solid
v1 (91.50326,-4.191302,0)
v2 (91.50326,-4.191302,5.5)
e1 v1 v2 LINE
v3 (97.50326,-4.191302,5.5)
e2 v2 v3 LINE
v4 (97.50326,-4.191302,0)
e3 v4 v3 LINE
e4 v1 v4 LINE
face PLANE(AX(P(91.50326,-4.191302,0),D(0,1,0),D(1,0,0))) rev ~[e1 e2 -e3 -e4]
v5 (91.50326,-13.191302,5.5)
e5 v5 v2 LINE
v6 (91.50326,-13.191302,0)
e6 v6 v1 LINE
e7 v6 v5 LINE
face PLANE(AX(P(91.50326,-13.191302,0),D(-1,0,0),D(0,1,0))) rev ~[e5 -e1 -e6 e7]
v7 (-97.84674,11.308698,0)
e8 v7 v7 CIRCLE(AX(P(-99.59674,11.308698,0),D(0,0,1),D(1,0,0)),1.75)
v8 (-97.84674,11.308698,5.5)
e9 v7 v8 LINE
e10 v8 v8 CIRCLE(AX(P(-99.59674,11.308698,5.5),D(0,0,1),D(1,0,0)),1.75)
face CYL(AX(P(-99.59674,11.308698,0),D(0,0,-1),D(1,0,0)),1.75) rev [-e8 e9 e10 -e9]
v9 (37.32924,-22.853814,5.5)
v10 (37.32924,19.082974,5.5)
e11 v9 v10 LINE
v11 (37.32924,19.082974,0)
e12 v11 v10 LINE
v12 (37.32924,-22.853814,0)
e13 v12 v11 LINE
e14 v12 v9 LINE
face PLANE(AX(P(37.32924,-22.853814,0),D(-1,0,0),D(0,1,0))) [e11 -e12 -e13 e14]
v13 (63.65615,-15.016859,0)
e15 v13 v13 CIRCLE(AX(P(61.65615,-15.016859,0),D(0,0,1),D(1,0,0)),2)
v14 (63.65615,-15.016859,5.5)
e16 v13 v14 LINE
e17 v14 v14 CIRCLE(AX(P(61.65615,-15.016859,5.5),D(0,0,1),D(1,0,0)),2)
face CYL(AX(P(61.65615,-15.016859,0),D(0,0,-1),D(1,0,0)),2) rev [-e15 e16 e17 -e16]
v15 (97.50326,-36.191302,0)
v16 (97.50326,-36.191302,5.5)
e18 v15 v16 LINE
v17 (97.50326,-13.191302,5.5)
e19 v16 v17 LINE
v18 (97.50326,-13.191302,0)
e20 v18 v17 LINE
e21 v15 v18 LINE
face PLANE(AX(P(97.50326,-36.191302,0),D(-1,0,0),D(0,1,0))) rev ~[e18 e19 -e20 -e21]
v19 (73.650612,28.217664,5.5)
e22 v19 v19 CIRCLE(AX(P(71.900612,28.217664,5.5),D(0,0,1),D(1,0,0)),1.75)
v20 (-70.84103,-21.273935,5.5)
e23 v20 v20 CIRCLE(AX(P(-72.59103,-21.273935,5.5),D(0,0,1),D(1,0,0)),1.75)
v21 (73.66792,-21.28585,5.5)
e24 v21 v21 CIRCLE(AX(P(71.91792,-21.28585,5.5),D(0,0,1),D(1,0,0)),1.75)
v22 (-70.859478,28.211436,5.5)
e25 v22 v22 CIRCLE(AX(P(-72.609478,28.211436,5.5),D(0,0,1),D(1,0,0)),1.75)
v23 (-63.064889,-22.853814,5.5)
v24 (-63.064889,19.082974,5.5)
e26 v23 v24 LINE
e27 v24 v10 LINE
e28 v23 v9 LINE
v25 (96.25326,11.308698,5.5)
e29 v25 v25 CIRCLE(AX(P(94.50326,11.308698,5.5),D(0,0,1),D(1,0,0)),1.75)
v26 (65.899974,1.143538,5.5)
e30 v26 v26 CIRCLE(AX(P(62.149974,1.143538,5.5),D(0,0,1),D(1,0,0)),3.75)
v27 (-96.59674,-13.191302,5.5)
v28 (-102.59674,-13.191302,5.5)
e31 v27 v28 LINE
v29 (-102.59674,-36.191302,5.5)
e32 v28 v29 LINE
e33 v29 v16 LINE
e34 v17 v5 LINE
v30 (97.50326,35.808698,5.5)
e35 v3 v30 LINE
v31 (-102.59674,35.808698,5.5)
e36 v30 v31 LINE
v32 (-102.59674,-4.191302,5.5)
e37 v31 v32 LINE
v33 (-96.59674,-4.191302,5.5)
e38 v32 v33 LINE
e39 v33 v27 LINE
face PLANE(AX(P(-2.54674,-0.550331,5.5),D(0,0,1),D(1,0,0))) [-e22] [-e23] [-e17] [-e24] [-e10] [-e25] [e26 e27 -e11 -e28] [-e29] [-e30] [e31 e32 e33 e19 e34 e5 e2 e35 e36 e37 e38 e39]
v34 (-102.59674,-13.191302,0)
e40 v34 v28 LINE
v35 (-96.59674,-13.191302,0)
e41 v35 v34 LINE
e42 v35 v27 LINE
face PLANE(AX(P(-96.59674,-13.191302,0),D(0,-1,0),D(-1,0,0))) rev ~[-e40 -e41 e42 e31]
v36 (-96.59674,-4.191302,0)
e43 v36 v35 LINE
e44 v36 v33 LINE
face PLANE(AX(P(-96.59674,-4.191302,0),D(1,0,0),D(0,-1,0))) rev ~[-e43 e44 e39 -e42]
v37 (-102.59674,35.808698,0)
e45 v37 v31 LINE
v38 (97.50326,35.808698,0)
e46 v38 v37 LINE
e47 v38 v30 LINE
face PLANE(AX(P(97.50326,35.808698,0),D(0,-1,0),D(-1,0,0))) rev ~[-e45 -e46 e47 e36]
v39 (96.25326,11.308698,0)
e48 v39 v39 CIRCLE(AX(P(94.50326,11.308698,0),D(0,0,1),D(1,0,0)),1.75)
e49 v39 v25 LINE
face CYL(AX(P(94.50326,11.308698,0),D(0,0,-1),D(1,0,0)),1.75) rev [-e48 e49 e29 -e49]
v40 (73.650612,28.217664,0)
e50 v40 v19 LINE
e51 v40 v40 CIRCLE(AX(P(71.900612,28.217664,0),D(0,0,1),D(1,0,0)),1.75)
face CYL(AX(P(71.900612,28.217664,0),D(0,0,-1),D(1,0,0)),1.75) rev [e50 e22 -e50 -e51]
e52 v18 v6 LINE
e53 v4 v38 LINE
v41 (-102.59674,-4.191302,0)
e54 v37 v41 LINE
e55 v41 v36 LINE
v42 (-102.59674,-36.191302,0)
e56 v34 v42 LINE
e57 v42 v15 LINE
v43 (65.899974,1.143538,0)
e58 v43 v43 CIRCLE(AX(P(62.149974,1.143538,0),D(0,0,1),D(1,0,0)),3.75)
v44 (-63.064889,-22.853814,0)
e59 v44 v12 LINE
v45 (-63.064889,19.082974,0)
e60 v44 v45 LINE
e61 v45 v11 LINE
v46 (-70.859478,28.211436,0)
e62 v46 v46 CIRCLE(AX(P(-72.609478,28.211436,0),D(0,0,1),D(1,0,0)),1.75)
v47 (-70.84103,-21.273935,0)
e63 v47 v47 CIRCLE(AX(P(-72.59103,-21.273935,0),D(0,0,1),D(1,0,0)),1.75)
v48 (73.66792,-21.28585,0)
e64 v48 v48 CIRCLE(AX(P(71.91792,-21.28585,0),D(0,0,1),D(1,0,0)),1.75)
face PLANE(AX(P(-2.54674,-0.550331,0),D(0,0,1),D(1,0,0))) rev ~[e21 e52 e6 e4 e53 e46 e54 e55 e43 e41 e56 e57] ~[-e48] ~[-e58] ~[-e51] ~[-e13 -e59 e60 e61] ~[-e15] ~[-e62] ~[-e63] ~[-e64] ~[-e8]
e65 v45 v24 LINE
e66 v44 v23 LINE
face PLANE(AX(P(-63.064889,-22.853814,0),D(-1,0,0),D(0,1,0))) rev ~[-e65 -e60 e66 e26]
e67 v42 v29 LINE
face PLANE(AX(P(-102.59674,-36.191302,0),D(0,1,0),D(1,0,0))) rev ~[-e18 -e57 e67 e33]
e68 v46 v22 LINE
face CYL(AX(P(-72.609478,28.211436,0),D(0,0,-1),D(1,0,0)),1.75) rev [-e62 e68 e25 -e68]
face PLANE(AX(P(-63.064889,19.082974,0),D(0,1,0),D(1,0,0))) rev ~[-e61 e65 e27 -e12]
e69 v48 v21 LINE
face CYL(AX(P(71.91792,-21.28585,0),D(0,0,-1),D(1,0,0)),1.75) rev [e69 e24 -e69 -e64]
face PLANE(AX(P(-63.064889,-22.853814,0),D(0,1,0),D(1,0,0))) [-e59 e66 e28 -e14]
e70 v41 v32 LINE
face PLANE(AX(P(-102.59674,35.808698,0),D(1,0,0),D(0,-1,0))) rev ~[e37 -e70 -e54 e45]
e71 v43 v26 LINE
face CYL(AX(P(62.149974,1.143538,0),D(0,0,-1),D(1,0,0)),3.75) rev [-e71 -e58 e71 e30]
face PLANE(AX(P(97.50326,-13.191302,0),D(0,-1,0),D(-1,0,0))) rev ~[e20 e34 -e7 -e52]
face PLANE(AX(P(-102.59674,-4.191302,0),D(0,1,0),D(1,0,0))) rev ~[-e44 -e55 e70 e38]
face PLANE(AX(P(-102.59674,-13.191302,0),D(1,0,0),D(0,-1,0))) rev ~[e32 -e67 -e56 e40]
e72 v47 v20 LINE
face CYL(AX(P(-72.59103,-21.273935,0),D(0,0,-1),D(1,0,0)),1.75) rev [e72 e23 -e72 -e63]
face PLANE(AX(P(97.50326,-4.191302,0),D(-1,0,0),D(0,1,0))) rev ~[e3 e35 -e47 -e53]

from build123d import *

# Parameters (mm, degrees)
F0_R     = 1.75
F0_W     = 100.394129
F0_H     = 41.936789
F0_R_2   = 2
F0_R_3   = 3.75
F1_DEPTH = 5.5


with BuildPart() as f1:
    # F0 (on Top) → F1 (new body)
    with BuildSketch(Plane.XY):
        Polygon((97.50326, 35.808698), (-102.59674, 35.808698), (-102.59674, -4.191302), (-96.59674, -4.191302), (-96.59674, -13.191302), (-102.59674, -13.191302), (-102.59674, -36.191302), (97.50326, -36.191302), (97.50326, -13.191302), (91.50326, -13.191302), (91.50326, -4.191302), (97.50326, -4.191302), align=None)
        with Locations((-72.59103, -21.273935)):
            Circle(F0_R, mode=Mode.SUBTRACT)
        with Locations((-12.867824, -1.88542)):
            Rectangle(F0_W, F0_H, mode=Mode.SUBTRACT)
        with Locations((71.91792, -21.28585)):
            Circle(F0_R, mode=Mode.SUBTRACT)
        with Locations((61.65615, -15.016859)):
            Circle(F0_R_2, mode=Mode.SUBTRACT)
        with Locations((-99.59674, 11.308698)):
            Circle(F0_R, mode=Mode.SUBTRACT)
        with Locations((-72.609478, 28.211436)):
            Circle(F0_R, mode=Mode.SUBTRACT)
        with Locations((62.149974, 1.143538)):
            Circle(F0_R_3, mode=Mode.SUBTRACT)
        with Locations((94.50326, 11.308698)):
            Circle(F0_R, mode=Mode.SUBTRACT)
        with Locations((71.900612, 28.217664)):
            Circle(F0_R, mode=Mode.SUBTRACT)
    extrude(amount=F1_DEPTH)


solid = f1.part
